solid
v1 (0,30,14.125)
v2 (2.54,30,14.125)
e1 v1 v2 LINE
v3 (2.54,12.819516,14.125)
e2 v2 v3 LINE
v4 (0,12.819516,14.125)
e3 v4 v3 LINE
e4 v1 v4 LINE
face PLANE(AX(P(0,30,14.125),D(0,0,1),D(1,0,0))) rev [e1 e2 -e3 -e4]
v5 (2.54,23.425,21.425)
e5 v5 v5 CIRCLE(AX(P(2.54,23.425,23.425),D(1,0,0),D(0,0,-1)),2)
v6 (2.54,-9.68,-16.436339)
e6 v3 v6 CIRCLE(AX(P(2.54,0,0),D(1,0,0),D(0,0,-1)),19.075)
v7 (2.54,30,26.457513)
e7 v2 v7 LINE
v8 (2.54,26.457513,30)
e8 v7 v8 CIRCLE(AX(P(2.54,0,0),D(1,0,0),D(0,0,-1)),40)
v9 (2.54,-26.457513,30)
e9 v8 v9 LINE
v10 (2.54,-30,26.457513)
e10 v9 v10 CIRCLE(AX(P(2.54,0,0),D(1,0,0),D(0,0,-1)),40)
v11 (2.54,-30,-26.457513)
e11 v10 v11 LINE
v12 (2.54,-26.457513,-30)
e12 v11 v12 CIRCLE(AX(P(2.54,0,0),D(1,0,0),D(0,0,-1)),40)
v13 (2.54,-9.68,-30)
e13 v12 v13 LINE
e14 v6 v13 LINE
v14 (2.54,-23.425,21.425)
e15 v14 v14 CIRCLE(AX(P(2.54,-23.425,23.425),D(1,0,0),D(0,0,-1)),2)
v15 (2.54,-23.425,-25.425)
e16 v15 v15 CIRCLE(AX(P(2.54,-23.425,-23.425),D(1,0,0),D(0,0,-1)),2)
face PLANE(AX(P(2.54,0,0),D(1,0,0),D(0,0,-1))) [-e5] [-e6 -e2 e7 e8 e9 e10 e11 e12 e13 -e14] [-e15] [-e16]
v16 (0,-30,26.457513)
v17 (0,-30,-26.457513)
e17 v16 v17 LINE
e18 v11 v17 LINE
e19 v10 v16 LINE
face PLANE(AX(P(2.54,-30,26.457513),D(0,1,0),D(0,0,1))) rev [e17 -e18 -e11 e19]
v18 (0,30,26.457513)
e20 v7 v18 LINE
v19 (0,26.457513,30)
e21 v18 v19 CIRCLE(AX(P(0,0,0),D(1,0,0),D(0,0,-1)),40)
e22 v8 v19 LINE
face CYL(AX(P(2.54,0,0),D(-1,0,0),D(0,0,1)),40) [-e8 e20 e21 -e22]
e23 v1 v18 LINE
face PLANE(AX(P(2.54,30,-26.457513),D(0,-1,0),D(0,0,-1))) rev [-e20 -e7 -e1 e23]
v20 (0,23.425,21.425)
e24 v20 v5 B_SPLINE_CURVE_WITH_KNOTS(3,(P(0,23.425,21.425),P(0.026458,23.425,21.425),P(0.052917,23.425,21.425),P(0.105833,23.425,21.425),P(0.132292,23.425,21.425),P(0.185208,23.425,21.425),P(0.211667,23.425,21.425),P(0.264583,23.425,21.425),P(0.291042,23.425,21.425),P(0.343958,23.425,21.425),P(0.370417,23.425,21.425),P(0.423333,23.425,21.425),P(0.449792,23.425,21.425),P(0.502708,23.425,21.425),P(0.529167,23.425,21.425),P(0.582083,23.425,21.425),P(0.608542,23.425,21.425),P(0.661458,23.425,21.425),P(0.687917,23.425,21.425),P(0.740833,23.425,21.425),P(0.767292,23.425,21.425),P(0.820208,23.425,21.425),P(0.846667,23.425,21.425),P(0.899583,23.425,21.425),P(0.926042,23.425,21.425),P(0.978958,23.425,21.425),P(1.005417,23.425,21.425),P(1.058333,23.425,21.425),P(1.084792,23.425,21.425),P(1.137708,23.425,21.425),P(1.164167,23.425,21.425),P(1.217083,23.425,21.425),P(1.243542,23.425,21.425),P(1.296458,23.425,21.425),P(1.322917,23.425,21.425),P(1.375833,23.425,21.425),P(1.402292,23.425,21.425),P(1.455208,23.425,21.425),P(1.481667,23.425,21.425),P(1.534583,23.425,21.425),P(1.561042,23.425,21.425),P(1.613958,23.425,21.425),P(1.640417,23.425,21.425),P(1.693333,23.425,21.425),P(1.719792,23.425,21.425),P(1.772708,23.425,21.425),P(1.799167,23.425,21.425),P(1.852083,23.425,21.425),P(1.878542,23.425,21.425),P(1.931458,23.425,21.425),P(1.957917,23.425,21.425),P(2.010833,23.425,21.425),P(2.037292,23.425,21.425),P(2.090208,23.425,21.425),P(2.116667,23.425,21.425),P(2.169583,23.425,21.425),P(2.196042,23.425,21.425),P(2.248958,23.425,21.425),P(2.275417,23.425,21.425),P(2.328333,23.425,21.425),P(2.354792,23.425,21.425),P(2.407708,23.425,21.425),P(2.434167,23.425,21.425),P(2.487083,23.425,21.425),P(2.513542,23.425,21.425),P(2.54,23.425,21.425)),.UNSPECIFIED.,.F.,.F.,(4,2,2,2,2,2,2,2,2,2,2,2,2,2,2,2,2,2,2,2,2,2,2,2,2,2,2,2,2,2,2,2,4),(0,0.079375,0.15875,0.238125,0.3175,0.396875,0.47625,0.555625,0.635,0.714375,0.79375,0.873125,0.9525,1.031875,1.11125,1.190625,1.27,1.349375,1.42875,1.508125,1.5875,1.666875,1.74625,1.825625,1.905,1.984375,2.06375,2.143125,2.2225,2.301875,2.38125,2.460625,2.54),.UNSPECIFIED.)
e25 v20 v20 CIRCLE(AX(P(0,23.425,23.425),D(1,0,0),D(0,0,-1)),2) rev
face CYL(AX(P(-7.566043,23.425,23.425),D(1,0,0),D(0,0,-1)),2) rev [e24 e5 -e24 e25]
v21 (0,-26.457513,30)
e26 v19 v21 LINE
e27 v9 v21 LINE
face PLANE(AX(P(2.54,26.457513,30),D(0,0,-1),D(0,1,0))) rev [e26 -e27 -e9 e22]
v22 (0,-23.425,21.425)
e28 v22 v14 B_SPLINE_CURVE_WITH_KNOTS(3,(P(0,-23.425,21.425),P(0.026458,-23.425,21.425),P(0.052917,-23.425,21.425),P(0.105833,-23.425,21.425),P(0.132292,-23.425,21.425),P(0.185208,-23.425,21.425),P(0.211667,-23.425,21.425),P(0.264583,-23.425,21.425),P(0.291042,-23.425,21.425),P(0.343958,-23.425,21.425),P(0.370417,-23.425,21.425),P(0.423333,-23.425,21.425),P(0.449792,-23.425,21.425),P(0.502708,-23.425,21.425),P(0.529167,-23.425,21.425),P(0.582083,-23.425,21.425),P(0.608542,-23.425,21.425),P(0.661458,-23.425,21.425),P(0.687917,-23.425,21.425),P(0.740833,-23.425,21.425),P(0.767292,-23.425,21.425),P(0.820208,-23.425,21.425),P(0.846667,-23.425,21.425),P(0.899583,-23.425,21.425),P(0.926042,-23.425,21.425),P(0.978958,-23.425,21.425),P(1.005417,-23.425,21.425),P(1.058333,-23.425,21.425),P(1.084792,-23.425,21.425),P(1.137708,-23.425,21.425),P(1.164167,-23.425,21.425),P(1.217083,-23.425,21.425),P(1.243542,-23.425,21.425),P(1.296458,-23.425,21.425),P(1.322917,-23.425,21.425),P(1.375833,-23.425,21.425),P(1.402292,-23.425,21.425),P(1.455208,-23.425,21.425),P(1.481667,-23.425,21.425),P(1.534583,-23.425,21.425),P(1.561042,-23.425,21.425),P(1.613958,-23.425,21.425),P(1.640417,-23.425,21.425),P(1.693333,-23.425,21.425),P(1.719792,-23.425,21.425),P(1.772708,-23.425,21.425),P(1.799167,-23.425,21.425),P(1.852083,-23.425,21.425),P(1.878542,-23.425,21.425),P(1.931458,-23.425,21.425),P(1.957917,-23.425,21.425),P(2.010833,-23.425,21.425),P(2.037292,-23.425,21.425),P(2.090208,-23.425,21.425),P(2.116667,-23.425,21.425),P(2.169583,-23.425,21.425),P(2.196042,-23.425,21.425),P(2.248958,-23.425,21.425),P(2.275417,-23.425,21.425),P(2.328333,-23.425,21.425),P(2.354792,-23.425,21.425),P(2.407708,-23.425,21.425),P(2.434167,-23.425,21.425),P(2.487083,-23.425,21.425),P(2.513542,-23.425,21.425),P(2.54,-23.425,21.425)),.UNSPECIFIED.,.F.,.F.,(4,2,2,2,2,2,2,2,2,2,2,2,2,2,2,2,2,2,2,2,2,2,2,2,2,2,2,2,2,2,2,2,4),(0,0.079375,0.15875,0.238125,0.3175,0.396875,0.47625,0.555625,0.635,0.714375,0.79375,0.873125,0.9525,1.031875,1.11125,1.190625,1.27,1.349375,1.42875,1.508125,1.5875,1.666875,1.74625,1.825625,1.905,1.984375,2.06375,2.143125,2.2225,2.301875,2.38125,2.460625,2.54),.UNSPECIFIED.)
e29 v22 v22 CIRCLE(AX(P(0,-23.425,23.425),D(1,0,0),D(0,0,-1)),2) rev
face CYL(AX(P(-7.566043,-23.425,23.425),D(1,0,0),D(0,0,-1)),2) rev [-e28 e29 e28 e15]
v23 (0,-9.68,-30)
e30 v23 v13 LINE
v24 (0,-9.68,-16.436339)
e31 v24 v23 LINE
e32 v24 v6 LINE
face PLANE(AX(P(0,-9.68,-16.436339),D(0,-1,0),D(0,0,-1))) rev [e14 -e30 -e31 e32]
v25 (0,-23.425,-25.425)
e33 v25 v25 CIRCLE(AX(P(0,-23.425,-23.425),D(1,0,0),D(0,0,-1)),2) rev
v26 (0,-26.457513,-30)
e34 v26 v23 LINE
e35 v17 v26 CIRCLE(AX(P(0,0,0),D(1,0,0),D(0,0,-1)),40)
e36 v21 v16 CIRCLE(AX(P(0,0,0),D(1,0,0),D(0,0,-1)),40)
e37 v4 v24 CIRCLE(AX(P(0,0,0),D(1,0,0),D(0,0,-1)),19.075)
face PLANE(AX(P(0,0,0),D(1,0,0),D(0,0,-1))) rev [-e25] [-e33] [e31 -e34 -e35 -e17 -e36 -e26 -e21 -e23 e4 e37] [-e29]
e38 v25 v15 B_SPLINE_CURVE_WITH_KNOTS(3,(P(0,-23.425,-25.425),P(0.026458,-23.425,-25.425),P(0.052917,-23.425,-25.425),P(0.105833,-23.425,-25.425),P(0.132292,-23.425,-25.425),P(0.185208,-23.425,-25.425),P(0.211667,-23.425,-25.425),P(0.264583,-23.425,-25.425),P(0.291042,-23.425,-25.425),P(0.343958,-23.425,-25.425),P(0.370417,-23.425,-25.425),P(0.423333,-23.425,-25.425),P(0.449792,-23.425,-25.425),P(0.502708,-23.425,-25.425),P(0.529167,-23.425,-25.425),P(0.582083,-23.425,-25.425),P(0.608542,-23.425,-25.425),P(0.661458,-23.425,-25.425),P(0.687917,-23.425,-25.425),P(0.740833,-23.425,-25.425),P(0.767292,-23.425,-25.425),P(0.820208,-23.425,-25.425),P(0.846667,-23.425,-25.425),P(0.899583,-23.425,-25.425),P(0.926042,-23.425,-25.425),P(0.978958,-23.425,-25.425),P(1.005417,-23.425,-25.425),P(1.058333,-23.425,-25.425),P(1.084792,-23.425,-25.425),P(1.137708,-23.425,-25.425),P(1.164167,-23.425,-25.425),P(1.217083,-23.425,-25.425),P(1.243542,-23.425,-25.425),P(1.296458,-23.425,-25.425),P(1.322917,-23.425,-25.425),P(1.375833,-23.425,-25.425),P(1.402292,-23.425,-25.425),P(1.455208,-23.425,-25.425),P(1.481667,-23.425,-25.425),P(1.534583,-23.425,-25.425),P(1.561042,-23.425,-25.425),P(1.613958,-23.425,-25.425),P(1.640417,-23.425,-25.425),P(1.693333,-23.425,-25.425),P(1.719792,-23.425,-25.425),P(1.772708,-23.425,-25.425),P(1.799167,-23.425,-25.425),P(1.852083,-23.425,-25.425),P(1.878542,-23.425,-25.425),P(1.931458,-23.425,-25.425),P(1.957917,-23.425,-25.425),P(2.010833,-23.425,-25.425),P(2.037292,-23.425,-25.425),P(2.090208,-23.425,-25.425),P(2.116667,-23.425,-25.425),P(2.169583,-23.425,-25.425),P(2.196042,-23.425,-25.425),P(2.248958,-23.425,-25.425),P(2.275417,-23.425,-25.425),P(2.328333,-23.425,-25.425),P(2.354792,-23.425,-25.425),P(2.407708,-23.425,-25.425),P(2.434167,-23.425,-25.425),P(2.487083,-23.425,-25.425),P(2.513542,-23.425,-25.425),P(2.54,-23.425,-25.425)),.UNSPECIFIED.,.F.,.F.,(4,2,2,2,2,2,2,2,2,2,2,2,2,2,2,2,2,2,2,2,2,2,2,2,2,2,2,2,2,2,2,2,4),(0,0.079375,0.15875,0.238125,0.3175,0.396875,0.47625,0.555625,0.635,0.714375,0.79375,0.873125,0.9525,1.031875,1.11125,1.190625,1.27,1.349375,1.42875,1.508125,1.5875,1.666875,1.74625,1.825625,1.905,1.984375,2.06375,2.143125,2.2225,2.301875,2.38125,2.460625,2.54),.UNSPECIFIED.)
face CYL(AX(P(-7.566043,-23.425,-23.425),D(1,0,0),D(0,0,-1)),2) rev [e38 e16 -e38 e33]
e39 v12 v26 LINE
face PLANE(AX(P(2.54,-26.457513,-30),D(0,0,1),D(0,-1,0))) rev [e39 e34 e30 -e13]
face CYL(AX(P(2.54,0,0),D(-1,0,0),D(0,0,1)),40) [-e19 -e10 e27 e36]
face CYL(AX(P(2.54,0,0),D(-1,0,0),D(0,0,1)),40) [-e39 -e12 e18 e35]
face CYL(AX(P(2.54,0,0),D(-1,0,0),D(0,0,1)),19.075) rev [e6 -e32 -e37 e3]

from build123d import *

# Parameters (mm, degrees)
SKETCH1_R           = 19.075
SKETCH1_R_2         = 2.675
BOSS_EXTRUDE1_DEPTH = 2.54
BOSS_EXTRUDE2_START = -2.54
SKETCH2_R           = 2.675
SKETCH2_R_2         = 2
BOSS_EXTRUDE2_DEPTH = 2.54
CUT_EXTRUDE1_DEPTH  = 43.502371699


with BuildPart() as part:
    # Sketch1 → Boss-Extrude1 (new body)
    with BuildSketch(Plane(origin=(0, 0, 0), x_dir=(0, 0, -1), z_dir=(1, 0, 0))):
        with BuildLine():
            Line((-30, 26.457513111), (-30, -26.457513111))
            ThreePointArc((-30, -26.457513111), (-28.284271247, -28.284271247), (-26.457513111, -30))
            Line((-26.457513111, -30), (26.457513111, -30))
            ThreePointArc((26.457513111, -30), (28.284271247, -28.284271247), (30, -26.457513111))
            Line((30, -26.457513111), (30, 26.457513111))
            ThreePointArc((30, 26.457513111), (28.284271247, 28.284271247), (26.457513111, 30))
            Line((26.457513111, 30), (-26.457513111, 30))
            ThreePointArc((-26.457513111, 30), (-28.284271247, 28.284271247), (-30, 26.457513111))
        make_face()
        Circle(SKETCH1_R, mode=Mode.SUBTRACT)
        with Locations((-23.425, -23.425)):
            Circle(SKETCH1_R_2, mode=Mode.SUBTRACT)
        with Locations((23.425, -23.425)):
            Circle(SKETCH1_R_2, mode=Mode.SUBTRACT)
        with Locations((23.425, 23.425)):
            Circle(SKETCH1_R_2, mode=Mode.SUBTRACT)
        with Locations((-23.425, 23.425)):
            Circle(SKETCH1_R_2, mode=Mode.SUBTRACT)
    extrude(amount=BOSS_EXTRUDE1_DEPTH)

    # Sketch2 → Boss-Extrude2 (add)
    # profile 1 of 4: a face of its own
    with BuildSketch(Plane(origin=(2.54, 0, 0), x_dir=(0, 0, -1), z_dir=(1, 0, 0)).offset(BOSS_EXTRUDE2_START)):
        with Locations((-23.425, -23.425)):
            Circle(SKETCH2_R)
        with Locations((-23.425, -23.425)):
            Circle(SKETCH2_R_2, mode=Mode.SUBTRACT)
    # profile 2 of 4: a face of its own
    with BuildSketch(Plane(origin=(2.54, 0, 0), x_dir=(0, 0, -1), z_dir=(1, 0, 0)).offset(BOSS_EXTRUDE2_START)):
        with Locations((23.425, 23.425)):
            Circle(SKETCH2_R)
        with Locations((23.425, 23.425)):
            Circle(SKETCH2_R_2, mode=Mode.SUBTRACT)
    # profile 3 of 4: a face of its own
    with BuildSketch(Plane(origin=(2.54, 0, 0), x_dir=(0, 0, -1), z_dir=(1, 0, 0)).offset(BOSS_EXTRUDE2_START)):
        with Locations((23.425, -23.425)):
            Circle(SKETCH2_R)
        with Locations((23.425, -23.425)):
            Circle(SKETCH2_R_2, mode=Mode.SUBTRACT)
    # profile 4 of 4: a face of its own
    with BuildSketch(Plane(origin=(2.54, 0, 0), x_dir=(0, 0, -1), z_dir=(1, 0, 0)).offset(BOSS_EXTRUDE2_START)):
        with Locations((-23.425, 23.425)):
            Circle(SKETCH2_R)
        with Locations((-23.425, 23.425)):
            Circle(SKETCH2_R_2, mode=Mode.SUBTRACT)
    extrude(amount=BOSS_EXTRUDE2_DEPTH)

    # Sketch3 → Cut-Extrude1 (cut, through all)
    with BuildSketch(Plane(origin=(2.54, 0, 0), x_dir=(0, 0, -1), z_dir=(1, 0, 0))):
        Polygon((-14.125, 30), (-14.125, 12.819516372), (16.436338552, -9.68), (30, -9.68), (30, 30), align=None)
    extrude(amount=-CUT_EXTRUDE1_DEPTH, mode=Mode.SUBTRACT)


solid = part.part
